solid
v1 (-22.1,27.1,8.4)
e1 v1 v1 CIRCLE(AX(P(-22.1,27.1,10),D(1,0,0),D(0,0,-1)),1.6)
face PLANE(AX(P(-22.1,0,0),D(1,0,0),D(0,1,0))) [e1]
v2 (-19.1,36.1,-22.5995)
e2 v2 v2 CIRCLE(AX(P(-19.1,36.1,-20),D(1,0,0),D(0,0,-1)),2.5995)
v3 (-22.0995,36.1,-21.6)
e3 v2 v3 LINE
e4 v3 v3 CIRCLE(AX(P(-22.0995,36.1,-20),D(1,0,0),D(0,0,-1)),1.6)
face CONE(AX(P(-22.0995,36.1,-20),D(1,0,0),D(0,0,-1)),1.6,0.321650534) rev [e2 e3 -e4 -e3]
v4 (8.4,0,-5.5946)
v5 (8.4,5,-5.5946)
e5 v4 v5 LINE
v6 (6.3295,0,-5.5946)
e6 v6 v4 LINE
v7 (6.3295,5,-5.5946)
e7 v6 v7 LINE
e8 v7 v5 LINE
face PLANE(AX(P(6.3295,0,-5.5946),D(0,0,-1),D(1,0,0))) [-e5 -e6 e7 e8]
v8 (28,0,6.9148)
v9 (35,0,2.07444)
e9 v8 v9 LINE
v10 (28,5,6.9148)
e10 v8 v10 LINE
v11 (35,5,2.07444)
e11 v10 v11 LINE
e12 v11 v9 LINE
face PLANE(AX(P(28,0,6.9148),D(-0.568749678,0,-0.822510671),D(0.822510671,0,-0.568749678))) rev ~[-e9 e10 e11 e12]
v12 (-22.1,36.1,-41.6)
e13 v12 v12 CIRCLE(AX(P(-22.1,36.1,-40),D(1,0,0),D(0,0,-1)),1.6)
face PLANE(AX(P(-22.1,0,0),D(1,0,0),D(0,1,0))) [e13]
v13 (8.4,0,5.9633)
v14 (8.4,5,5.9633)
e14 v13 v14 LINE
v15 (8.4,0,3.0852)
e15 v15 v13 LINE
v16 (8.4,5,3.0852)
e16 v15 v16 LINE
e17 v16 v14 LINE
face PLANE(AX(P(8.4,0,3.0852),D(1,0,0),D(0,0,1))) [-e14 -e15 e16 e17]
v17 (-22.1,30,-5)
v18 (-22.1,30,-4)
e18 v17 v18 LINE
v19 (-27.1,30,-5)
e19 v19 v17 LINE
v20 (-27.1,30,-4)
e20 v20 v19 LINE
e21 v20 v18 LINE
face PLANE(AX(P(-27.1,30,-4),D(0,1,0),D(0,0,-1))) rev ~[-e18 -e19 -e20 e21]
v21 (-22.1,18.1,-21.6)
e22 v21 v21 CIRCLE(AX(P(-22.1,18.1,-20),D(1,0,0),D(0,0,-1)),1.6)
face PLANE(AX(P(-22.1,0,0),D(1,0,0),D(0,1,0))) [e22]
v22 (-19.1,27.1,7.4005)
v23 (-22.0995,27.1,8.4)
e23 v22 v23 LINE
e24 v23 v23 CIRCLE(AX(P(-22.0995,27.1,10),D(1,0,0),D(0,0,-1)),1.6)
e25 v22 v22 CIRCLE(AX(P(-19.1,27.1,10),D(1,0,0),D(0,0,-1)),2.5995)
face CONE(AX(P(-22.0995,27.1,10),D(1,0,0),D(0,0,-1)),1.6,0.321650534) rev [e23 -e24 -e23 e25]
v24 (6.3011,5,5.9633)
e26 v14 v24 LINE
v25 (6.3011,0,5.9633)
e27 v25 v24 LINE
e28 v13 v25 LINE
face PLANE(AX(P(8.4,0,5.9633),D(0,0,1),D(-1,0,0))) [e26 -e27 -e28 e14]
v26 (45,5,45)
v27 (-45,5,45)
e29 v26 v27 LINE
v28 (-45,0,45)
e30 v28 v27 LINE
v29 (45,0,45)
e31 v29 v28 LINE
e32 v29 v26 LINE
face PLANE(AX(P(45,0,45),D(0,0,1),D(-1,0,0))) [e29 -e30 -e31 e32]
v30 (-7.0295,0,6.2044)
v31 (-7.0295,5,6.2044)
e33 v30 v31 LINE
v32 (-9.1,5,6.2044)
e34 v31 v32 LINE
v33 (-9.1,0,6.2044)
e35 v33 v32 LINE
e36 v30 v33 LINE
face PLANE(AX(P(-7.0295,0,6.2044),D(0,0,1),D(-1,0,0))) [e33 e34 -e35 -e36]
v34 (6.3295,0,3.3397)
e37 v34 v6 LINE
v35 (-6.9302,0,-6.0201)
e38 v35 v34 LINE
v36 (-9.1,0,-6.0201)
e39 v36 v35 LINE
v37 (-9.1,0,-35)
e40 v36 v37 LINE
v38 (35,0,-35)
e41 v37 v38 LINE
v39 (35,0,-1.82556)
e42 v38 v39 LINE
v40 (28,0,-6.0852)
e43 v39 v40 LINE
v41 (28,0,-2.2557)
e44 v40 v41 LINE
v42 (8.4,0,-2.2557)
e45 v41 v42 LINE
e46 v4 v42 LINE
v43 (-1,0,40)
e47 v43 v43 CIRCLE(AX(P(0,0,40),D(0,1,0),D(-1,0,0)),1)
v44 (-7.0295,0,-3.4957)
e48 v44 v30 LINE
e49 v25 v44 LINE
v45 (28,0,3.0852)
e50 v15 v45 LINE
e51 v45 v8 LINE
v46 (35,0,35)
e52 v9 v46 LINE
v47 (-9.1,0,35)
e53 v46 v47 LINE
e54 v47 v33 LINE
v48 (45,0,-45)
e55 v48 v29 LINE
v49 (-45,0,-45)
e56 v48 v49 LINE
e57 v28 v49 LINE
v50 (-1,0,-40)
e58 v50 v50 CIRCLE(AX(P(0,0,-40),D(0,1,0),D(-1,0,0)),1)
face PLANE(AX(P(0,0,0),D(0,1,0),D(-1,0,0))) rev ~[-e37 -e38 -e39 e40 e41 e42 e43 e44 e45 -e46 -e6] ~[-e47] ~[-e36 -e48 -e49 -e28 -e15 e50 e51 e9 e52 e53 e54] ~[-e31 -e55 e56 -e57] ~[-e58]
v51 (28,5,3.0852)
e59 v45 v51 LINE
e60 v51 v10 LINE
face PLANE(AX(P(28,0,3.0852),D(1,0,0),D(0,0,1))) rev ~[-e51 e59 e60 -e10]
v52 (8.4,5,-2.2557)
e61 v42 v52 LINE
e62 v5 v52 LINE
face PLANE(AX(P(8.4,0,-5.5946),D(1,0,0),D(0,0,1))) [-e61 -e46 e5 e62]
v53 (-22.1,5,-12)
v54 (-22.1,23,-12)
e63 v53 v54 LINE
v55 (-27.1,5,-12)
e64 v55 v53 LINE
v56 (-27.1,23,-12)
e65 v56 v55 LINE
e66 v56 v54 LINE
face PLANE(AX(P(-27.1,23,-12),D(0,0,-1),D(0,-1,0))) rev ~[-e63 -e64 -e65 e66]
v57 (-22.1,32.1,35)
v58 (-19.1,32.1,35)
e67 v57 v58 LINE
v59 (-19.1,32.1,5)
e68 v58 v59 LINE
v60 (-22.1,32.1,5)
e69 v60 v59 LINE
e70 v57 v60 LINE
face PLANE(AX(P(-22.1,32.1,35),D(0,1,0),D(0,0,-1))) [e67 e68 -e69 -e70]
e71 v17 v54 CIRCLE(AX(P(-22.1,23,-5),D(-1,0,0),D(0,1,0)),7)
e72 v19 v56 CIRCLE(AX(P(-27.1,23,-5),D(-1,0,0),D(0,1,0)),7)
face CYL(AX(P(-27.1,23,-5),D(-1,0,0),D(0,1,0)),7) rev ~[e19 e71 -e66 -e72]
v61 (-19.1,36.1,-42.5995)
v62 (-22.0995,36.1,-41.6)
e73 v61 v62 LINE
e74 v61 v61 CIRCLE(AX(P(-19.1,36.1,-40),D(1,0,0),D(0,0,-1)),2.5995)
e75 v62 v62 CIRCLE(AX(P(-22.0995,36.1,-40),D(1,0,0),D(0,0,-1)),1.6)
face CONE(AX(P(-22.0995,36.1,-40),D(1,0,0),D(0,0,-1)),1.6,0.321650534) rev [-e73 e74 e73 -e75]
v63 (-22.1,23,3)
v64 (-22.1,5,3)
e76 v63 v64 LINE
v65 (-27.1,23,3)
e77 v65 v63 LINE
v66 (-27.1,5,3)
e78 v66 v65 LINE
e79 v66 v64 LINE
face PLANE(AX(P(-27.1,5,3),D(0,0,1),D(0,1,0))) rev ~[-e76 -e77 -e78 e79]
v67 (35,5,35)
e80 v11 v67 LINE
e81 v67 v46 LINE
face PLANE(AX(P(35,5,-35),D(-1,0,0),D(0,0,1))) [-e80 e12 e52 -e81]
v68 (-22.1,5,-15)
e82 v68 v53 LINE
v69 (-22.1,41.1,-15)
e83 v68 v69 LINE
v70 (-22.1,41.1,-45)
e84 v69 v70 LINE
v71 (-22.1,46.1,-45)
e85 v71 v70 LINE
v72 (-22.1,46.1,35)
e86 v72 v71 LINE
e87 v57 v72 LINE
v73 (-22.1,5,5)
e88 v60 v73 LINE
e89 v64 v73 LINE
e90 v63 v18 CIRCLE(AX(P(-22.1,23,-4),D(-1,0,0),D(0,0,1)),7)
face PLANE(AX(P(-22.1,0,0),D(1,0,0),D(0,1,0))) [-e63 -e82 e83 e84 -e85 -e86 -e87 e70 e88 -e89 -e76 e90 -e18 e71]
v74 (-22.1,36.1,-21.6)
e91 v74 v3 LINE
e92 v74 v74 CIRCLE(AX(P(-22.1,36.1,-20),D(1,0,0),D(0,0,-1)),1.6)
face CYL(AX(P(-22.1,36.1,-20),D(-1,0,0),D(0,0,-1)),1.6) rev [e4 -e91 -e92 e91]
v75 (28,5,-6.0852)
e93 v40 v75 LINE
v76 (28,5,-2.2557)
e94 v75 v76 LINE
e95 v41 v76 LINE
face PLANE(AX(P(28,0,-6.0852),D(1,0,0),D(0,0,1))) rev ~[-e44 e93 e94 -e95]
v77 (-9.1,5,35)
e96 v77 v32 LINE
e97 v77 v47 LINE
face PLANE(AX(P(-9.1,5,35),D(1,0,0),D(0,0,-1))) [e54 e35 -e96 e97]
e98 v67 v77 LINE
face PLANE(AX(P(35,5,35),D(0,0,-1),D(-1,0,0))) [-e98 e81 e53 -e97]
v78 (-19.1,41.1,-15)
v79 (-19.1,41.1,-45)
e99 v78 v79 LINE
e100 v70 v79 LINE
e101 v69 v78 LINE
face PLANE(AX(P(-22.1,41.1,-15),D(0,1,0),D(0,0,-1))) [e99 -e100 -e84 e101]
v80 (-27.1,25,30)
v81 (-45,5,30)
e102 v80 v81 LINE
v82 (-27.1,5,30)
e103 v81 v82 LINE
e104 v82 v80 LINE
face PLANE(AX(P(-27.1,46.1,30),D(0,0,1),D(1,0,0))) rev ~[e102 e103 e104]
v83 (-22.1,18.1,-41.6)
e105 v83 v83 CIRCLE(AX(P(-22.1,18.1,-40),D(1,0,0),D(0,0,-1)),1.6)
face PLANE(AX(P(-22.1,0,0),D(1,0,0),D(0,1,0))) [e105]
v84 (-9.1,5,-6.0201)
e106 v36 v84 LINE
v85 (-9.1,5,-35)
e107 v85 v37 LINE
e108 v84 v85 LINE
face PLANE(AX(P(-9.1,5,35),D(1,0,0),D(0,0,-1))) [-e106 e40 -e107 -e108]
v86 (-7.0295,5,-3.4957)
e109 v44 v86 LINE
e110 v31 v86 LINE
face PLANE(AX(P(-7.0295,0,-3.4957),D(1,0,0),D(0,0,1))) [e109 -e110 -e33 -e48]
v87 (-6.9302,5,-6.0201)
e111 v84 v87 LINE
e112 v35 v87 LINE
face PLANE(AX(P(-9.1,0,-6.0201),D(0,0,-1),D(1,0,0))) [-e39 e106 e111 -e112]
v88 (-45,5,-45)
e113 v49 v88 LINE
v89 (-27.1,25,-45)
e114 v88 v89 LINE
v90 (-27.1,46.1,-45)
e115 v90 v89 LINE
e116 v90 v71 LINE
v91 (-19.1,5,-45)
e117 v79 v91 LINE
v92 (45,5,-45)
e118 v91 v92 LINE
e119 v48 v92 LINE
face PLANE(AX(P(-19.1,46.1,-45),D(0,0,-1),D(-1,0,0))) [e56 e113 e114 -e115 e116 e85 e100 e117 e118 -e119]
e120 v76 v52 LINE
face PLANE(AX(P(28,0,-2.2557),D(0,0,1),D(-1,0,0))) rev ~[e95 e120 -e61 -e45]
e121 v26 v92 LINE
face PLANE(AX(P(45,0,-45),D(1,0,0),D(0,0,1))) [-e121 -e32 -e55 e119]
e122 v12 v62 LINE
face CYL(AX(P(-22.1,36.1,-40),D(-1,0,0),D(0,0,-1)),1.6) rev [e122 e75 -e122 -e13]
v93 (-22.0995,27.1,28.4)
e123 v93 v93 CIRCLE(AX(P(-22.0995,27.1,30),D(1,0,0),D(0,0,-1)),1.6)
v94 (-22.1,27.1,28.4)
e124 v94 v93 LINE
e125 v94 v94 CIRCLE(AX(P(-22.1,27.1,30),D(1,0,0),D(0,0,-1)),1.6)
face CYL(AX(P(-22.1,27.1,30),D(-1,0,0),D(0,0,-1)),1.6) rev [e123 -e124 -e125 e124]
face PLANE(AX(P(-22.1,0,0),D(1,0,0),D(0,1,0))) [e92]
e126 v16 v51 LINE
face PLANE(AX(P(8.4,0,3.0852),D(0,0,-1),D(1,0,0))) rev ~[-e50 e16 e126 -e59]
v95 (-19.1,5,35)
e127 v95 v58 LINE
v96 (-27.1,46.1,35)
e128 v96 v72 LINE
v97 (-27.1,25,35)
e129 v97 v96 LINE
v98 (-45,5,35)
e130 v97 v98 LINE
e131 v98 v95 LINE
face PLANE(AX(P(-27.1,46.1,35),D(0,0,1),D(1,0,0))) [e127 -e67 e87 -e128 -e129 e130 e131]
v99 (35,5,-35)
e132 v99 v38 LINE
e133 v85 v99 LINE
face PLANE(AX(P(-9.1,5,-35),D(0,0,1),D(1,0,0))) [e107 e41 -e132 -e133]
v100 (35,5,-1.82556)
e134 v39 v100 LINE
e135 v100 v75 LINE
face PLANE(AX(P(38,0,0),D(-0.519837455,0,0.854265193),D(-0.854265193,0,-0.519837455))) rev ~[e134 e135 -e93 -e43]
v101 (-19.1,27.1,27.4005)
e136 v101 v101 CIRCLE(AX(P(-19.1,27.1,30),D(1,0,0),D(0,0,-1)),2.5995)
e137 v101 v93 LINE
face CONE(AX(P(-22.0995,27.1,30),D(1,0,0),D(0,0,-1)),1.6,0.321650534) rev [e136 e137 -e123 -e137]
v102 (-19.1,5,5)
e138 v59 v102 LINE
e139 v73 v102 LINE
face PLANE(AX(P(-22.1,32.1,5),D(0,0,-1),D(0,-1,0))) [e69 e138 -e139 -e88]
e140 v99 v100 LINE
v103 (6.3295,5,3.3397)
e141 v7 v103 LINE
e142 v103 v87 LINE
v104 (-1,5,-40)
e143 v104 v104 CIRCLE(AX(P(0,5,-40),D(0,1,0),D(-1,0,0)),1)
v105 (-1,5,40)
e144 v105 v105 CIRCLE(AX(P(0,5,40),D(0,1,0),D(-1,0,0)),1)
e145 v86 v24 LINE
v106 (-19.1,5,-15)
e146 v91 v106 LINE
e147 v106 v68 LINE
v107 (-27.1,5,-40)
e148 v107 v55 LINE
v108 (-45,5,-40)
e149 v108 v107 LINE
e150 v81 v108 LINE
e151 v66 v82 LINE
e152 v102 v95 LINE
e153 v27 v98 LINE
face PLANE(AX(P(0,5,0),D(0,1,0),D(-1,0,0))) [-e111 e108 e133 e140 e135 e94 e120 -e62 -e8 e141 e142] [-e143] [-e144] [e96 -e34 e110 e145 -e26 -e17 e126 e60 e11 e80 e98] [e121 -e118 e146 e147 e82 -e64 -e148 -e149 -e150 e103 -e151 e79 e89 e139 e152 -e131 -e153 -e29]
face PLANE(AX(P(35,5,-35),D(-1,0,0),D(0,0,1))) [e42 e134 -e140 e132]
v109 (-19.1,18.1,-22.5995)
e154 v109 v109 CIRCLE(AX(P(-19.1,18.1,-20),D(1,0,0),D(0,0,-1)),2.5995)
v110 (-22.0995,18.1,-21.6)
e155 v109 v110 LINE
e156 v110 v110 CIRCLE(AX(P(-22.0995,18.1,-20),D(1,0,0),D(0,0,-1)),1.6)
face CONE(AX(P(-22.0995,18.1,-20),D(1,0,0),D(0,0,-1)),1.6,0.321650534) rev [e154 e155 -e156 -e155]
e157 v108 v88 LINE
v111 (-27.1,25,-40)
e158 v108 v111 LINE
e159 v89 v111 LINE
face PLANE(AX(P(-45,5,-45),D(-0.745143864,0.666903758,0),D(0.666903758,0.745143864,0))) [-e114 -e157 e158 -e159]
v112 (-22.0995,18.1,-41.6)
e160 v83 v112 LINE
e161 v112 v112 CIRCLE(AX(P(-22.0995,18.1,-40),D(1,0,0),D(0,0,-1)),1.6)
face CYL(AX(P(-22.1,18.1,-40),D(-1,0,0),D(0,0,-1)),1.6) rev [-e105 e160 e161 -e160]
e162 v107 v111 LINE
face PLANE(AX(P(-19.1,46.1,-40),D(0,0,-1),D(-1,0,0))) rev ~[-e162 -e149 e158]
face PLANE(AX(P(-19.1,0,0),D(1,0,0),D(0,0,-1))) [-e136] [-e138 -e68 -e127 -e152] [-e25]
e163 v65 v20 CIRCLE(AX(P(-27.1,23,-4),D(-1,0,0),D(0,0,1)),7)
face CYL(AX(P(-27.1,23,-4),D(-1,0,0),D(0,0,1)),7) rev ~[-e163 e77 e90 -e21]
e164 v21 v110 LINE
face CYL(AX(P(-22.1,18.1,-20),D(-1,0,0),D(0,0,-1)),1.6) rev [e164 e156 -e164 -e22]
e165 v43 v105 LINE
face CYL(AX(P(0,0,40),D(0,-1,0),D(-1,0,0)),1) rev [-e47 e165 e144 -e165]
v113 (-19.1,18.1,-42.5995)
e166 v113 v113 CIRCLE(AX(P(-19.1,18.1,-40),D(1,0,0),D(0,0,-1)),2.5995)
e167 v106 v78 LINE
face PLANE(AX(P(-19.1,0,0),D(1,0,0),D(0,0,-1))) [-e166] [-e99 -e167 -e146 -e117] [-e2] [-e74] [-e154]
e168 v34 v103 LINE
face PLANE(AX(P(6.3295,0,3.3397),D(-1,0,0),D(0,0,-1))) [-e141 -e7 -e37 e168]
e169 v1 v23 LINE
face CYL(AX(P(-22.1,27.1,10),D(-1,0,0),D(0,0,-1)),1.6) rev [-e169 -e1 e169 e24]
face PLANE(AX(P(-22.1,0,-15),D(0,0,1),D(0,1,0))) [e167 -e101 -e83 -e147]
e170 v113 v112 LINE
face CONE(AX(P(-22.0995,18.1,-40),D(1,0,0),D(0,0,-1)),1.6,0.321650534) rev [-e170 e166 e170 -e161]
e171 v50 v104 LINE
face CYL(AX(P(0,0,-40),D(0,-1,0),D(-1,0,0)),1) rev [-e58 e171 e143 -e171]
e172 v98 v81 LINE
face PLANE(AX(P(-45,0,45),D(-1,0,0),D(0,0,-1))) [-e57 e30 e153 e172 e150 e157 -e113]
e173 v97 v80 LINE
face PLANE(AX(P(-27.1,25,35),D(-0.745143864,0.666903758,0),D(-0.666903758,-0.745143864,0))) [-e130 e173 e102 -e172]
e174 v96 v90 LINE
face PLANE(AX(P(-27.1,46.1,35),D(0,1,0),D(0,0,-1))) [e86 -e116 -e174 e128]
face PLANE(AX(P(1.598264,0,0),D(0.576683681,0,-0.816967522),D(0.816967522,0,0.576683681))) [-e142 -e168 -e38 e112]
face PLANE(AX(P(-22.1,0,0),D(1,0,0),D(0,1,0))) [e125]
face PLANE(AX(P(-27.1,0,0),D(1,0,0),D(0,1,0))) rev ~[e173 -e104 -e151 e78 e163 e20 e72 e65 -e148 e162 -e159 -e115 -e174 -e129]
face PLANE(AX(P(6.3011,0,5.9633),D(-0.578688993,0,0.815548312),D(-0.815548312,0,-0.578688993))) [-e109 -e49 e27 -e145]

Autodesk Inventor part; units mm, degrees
ref_plane "Arbeitsebene2" through (-75, 27.1, 0) normal (0, 0, 1) x (0, 1, 0)
sketch "center1" plane through (-75, 27.1, 0) normal (0, 0, 1) x (0, 1, 0)
  line L0 (-173.891, -75) -> (168.1592, -75)
  line L1 (0, 344.1359) -> (0, -385.7952)
  point P0 (-27.1, -75)
ref_plane "Arbeitsebene3" through (0, 99.4, -2.4) normal (-1, 0, 0) x (0, 0, 1)
sketch "center2" plane through (0, 99.4, -2.4) normal (-1, 0, 0) x (0, 0, 1)
  line L0 (184.8129, -72.3) -> (-258.9785, -72.3)
  point P0 (2.4, -99.4)
sketch "Groundplane" plane through (0, 0, 0) normal (0, 1, 0) x (-1, 0, 0)
  line L0 (45, 45) -> (-45, 45) construction
  line L1 (-45, 45) -> (-45, -45) construction
  line L2 (-45, -45) -> (45, -45) construction
  line L3 (45, -45) -> (45, 45) construction
  line L4 (1, 45) -> (-1, 45) construction
  line L5 (-1, 45) -> (-1, 40) construction
  line L6 (-1, 40) -> (1, 40) construction
  line L7 (1, 40) -> (1, 45) construction
  arc A0 (-1, 40) -> (1, 40) centre (0, 40) ccw construction
  line L8 (1, -45) -> (-1, -45) construction
  line L9 (-1, -45) -> (-1, -40) construction
  line L10 (-1, -40) -> (1, -40) construction
  line L11 (1, -40) -> (1, -45) construction
  arc A1 (1, -40) -> (-1, -40) centre (0, -40) ccw construction
  line L12 (0, -350.1368) -> (0, 271.1712) projected
  point P0 (0, 0)
  point P1 (0, -45)
  dimension "d5" = 2
  dimension "d6" = 5
  dimension "d7" = 2
  dimension "d8" = 5
  dimension "d9" = 90
  dimension "d63" = 90
  dimension "d76" = 45
sketch "Hallsensor" plane through (0, 0, 0) normal (1, 0, 0) x (0, 1, 0)
  line L0 (22.1, 0) -> (32.1, 0) construction
  line L1 (32.1, 0) -> (32.1, 20) construction
  line L2 (32.1, 20) -> (22.1, 20) construction
  line L3 (22.1, 20) -> (22.1, 0) construction
  line L4 (27.1, 182.4129) -> (27.1, -261.3785) construction
  line L5 (-146.791, 0) -> (195.2592, 0) construction
  line L6 (31.1, 1) -> (33.1, 1)
  line L7 (33.1, 1) -> (33.1, -1)
  line L8 (33.1, -1) -> (31.1, -1)
  line L9 (31.1, -1) -> (31.1, 1)
  line L10 (31.1, 1) -> (33.1, -1) construction
  line L11 (33.1, 1) -> (31.1, -1) construction
  line L12 (21.1, 1) -> (23.1, 1)
  line L13 (23.1, 1) -> (23.1, -1)
  line L14 (23.1, -1) -> (21.1, -1)
  line L15 (21.1, -1) -> (21.1, 1)
  line L16 (21.1, 1) -> (23.1, -1) construction
  line L17 (23.1, 1) -> (21.1, -1) construction
  line L18 (31.1, 21) -> (33.1, 21)
  line L19 (33.1, 21) -> (33.1, 19)
  line L20 (33.1, 19) -> (31.1, 19)
  line L21 (31.1, 19) -> (31.1, 21)
  line L22 (31.1, 21) -> (33.1, 19) construction
  line L23 (33.1, 21) -> (31.1, 19) construction
  line L24 (21.1, 21) -> (23.1, 21)
  line L25 (23.1, 21) -> (23.1, 19)
  line L26 (23.1, 19) -> (21.1, 19)
  line L27 (21.1, 19) -> (21.1, 21)
  line L28 (21.1, 21) -> (23.1, 19) construction
  line L29 (23.1, 21) -> (21.1, 19) construction
  line L30 (36.1, 30) -> (18.1, 30) construction
  line L31 (18.1, 30) -> (18.1, -20) construction
  line L32 (18.1, -20) -> (36.1, -20) construction
  line L33 (36.1, -20) -> (36.1, 30) construction
  circle A0 centre (27.1, 30) radius 1.6
  circle A1 centre (36.1, -20) radius 1.6
  circle A2 centre (18.1, -20) radius 1.6
  point P0 (0, 0)
  dimension "d127" = 20
  dimension "d128" = 5
  dimension "d129" = 5
  dimension "d130" = 2
  dimension "d131" = 20
  dimension "d132" = 4
  dimension "d133" = 4
  dimension "d134" = 10
  dimension "d135" = 3.2
ref_plane "Arbeitsebene1" through (-27.1, 0, 0) normal (1, 0, 0) x (0, 1, 0)
sketch "Montagepunkte" plane through (-27.1, 0, 0) normal (1, 0, 0) x (0, 1, 0)
  line L0 (27.1, 10) -> (27.1, -45.0561) construction
  line L1 (46.1, -45) -> (0, -45)
  line L2 (0, -45) -> (0, 35)
  line L3 (0, 35) -> (46.1, 35)
  line L4 (46.1, 35) -> (46.1, -45)
  circle A0 centre (36.1, -20) radius 1.6 projected
  circle A1 centre (18.1, -20) radius 1.6 projected
  circle A2 centre (27.1, 30) radius 1.6 projected
  line L5 (36.1, -20) -> (18.1, -20) construction
  line L6 (18.1, -20) -> (18.1, -40) construction
  line L7 (18.1, -40) -> (36.1, -40) construction
  line L8 (36.1, -40) -> (36.1, -20) construction
  line L9 (27.1, 30) -> (27.1, 10) construction
  circle A3 centre (27.1, 10) radius 1.6
  circle A4 centre (36.1, -40) radius 1.6
  circle A5 centre (18.1, -40) radius 1.6
  point P0 (0, 0)
  point P1 (0, 0)
  point P2 (1.45, 0)
  dimension "d136" = 20
  dimension "d137" = 20
  dimension "d138" = 3.2
  dimension "d139" = 5
  dimension "d140" = 5
  dimension "d141" = 10
sketch "Skizze10" plane through (-27.1, 0, 0) normal (1, 0, 0) x (0, 1, 0)
  line L0 (46.1, -45) -> (0, -45) projected
  line L1 (0, -45) -> (0, 35) projected
  line L2 (0, 35) -> (46.1, 35) projected
  line L3 (46.1, 35) -> (46.1, -45) projected
  point P0 (0, 0)
extrude "Extrusion5" add sketch "Skizze10" along normal blind 5
sketch "Skizze11" plane through (-22.1, 0, 0) normal (1, 0, 0) x (0, 0, -1)
  line L0 (-35, 0) -> (45, 0) projected
  circle A0 centre (40, 36.1) radius 1.6 projected
  circle A1 centre (20, 36.1) radius 1.6 projected
  circle A2 centre (20, 18.1) radius 1.6 projected
  circle A3 centre (40, 18.1) radius 1.6 projected
  circle A4 centre (-10, 27.1) radius 1.6 projected
  circle A5 centre (-30, 27.1) radius 1.6 projected
  line L1 (-35, 32.1) -> (-5, 32.1)
  line L2 (-5, 32.1) -> (-5, 0)
  line L3 (-5, 0) -> (-35, 0)
  line L4 (-35, 0) -> (-35, 32.1)
  line L5 (15, 41.1) -> (45, 41.1)
  line L6 (45, 41.1) -> (45, 0)
  line L7 (45, 0) -> (15, 0)
  line L8 (15, 0) -> (15, 41.1)
  point P0 (0, 0)
  dimension "d142" = 5
  dimension "d143" = 5
  dimension "d144" = 5
  dimension "d145" = 5
  dimension "d146" = 5
  dimension "d147" = 5
extrude "Extrusion6" add sketch "Skizze11" along normal blind 3
chamfer "Fase3" distance 1 distance2 3 4 edges at (-19.1, 36.1, -18.4) (-19.1, 36.1, -38.4) (-19.1, 18.1, -38.4) (-19.1, 18.1, -18.4) measured on face at (-19.1, 5.5944, -26.9696)
chamfer "Fase4" distance 1 distance2 3 2 edges at (-19.1, 27.1, 31.6) (-19.1, 27.1, 11.6) measured on face at (-19.1, 8.5944, 16.9696)
sketch "Skizze12" plane through (0, 0, 0) normal (0, 1, 0) x (-1, 0, 0)
  line L0 (-45, 45) -> (-45, -45) construction
  line L1 (-45, -45) -> (45, -45) construction
  line L2 (45, -45) -> (45, 45) construction
  line L3 (45, 45) -> (-45, 45) construction
  arc A0 (1, -40) -> (-1, -40) centre (0, -40) ccw construction
  arc A1 (-1, 40) -> (1, 40) centre (0, 40) ccw construction
  circle A2 centre (0, 40) radius 1
  circle A3 centre (0, -40) radius 1
  line L4 (45, -45) -> (-45, -45)
  line L5 (-45, -45) -> (-45, 45)
  line L6 (-45, 45) -> (45, 45)
  line L7 (45, 45) -> (45, -45)
  point P0 (0, 0)
extrude "Extrusion7" add sketch "Skizze12" along normal blind 5
sketch "Skizze13" plane through (-27.1, 46.1, 35) normal (0, 0, 1) x (1, 0, 0)
  line L0 (0, -21.1) -> (-17.9, -41.1)
  line L1 (-17.9, -41.1) -> (0, -41.1)
  line L2 (0, -41.1) -> (0, -21.1)
  point P0 (27.1, -46.1)
  dimension "d108" = 20
extrude "Extrusion8" add sketch "Skizze13" against normal blind 5
sketch "Skizze14" plane through (-19.1, 46.1, -45) normal (0, 0, -1) x (-1, 0, 0)
  line L0 (25.9, -41.1) -> (8, -41.1) projected
  line L1 (25.9, -41.1) -> (8, -21.1) projected
  line L2 (8, -41.1) -> (8, -21.1) projected
  point P0 (-19.1, -46.1)
extrude "Extrusion9" add sketch "Skizze14" against normal blind 5
sketch "Skizze15" plane through (-27.1, 0, 0) normal (-1, 0, 0) x (0, 0, 1)
  line L0 (-12, 5) -> (3, 5)
  line L1 (3, 5) -> (3, 23)
  line L2 (-4, 30) -> (-5, 30)
  line L3 (-12, 23) -> (-12, 5)
  line L4 (-45, 5) -> (35, 5) projected
  arc A0 (-5, 30) -> (-12, 23) centre (-5, 23) ccw
  arc A1 (3, 23) -> (-4, 30) centre (-4, 23) ccw
  point P0 (0, 0)
  point P1 (3, 30)
  point P2 (-12, 30)
  point P3 (-40, 5)
  point P4 (30, 5)
  dimension "d114" = 15
  dimension "d115" = 25
  dimension "d116" = 7
extrude "Extrusion10" cut sketch "Skizze15" against normal through all
sketch "Skizze16" plane through (0, 5, 0) normal (0, 1, 0) x (1, 0, 0)
  line L0 (-9.1, 35) -> (35, 35)
  line L1 (35, 35) -> (35, -35)
  line L2 (35, -35) -> (-9.1, -35)
  line L3 (-9.1, -35) -> (-9.1, 35)
  line L4 (45, 45) -> (-19.1, 45) projected
  line L5 (45, -45) -> (45, 45) projected
  line L6 (-45, -45) -> (45, -45) projected
  line L7 (-19.1, -35) -> (-19.1, -5) construction
  point P0 (0, 0)
  dimension "d119" = 10
  dimension "d120" = 10
  dimension "d121" = 10
  dimension "d148" = 10
extrude "Extrusion11" cut sketch "Skizze16" against normal through all
sketch "Skizze17" plane through (-45, 0, 45) normal (0, -1, 0) x (1, 0, 0)
  line L0 (35.9, -80) -> (35.9, -10) construction
  line L1 (83, -45) -> (73, -51.0852)
  line L2 (73, -51.0852) -> (73, -47.2557)
  line L3 (73, -47.2557) -> (53, -47.2557)
  line L4 (53, -47.2557) -> (53, -41.9148)
  line L5 (53, -41.9148) -> (73, -41.9148)
  line L6 (73, -41.9148) -> (73, -38.0852)
  line L7 (73, -38.0852) -> (83, -45)
  line L8 (-520.1221, -45) -> (501.7814, -45) projected
  line L9 (35.9, -38.7956) -> (35.9, -51.0201)
  line L10 (35.9, -51.0201) -> (38.0698, -51.0201)
  line L11 (38.0698, -51.0201) -> (51.3295, -41.6603)
  line L12 (51.3295, -41.6603) -> (51.3295, -50.5946)
  line L13 (51.3295, -50.5946) -> (53.4, -50.5946)
  line L14 (53.4, -50.5946) -> (53.4, -39.0367)
  line L15 (53.4, -39.0367) -> (51.3011, -39.0367)
  line L16 (51.3011, -39.0367) -> (37.9705, -48.4957)
  line L17 (37.9705, -48.4957) -> (37.9705, -38.7956)
  line L18 (37.9705, -38.7956) -> (35.9, -38.7956)
  point P0 (45, -45)
extrude "Extrusion12" add sketch "Skizze17" against normal up to surface (5 mm away) contours L8 L14 L5 L6 L7 | L1 L2 L3 L14 L8 | L14 L3 L4 L8 | L8 L4 L5 L14 | L8 L12 L11 L16 L15 L14 L5 L4 | L4 L3 L14 L13 L12 L8 | L11 L10 L9 L8 L17 L16 | L8 L9 L18 L17
properties part number "HallSensor_Halterung"
